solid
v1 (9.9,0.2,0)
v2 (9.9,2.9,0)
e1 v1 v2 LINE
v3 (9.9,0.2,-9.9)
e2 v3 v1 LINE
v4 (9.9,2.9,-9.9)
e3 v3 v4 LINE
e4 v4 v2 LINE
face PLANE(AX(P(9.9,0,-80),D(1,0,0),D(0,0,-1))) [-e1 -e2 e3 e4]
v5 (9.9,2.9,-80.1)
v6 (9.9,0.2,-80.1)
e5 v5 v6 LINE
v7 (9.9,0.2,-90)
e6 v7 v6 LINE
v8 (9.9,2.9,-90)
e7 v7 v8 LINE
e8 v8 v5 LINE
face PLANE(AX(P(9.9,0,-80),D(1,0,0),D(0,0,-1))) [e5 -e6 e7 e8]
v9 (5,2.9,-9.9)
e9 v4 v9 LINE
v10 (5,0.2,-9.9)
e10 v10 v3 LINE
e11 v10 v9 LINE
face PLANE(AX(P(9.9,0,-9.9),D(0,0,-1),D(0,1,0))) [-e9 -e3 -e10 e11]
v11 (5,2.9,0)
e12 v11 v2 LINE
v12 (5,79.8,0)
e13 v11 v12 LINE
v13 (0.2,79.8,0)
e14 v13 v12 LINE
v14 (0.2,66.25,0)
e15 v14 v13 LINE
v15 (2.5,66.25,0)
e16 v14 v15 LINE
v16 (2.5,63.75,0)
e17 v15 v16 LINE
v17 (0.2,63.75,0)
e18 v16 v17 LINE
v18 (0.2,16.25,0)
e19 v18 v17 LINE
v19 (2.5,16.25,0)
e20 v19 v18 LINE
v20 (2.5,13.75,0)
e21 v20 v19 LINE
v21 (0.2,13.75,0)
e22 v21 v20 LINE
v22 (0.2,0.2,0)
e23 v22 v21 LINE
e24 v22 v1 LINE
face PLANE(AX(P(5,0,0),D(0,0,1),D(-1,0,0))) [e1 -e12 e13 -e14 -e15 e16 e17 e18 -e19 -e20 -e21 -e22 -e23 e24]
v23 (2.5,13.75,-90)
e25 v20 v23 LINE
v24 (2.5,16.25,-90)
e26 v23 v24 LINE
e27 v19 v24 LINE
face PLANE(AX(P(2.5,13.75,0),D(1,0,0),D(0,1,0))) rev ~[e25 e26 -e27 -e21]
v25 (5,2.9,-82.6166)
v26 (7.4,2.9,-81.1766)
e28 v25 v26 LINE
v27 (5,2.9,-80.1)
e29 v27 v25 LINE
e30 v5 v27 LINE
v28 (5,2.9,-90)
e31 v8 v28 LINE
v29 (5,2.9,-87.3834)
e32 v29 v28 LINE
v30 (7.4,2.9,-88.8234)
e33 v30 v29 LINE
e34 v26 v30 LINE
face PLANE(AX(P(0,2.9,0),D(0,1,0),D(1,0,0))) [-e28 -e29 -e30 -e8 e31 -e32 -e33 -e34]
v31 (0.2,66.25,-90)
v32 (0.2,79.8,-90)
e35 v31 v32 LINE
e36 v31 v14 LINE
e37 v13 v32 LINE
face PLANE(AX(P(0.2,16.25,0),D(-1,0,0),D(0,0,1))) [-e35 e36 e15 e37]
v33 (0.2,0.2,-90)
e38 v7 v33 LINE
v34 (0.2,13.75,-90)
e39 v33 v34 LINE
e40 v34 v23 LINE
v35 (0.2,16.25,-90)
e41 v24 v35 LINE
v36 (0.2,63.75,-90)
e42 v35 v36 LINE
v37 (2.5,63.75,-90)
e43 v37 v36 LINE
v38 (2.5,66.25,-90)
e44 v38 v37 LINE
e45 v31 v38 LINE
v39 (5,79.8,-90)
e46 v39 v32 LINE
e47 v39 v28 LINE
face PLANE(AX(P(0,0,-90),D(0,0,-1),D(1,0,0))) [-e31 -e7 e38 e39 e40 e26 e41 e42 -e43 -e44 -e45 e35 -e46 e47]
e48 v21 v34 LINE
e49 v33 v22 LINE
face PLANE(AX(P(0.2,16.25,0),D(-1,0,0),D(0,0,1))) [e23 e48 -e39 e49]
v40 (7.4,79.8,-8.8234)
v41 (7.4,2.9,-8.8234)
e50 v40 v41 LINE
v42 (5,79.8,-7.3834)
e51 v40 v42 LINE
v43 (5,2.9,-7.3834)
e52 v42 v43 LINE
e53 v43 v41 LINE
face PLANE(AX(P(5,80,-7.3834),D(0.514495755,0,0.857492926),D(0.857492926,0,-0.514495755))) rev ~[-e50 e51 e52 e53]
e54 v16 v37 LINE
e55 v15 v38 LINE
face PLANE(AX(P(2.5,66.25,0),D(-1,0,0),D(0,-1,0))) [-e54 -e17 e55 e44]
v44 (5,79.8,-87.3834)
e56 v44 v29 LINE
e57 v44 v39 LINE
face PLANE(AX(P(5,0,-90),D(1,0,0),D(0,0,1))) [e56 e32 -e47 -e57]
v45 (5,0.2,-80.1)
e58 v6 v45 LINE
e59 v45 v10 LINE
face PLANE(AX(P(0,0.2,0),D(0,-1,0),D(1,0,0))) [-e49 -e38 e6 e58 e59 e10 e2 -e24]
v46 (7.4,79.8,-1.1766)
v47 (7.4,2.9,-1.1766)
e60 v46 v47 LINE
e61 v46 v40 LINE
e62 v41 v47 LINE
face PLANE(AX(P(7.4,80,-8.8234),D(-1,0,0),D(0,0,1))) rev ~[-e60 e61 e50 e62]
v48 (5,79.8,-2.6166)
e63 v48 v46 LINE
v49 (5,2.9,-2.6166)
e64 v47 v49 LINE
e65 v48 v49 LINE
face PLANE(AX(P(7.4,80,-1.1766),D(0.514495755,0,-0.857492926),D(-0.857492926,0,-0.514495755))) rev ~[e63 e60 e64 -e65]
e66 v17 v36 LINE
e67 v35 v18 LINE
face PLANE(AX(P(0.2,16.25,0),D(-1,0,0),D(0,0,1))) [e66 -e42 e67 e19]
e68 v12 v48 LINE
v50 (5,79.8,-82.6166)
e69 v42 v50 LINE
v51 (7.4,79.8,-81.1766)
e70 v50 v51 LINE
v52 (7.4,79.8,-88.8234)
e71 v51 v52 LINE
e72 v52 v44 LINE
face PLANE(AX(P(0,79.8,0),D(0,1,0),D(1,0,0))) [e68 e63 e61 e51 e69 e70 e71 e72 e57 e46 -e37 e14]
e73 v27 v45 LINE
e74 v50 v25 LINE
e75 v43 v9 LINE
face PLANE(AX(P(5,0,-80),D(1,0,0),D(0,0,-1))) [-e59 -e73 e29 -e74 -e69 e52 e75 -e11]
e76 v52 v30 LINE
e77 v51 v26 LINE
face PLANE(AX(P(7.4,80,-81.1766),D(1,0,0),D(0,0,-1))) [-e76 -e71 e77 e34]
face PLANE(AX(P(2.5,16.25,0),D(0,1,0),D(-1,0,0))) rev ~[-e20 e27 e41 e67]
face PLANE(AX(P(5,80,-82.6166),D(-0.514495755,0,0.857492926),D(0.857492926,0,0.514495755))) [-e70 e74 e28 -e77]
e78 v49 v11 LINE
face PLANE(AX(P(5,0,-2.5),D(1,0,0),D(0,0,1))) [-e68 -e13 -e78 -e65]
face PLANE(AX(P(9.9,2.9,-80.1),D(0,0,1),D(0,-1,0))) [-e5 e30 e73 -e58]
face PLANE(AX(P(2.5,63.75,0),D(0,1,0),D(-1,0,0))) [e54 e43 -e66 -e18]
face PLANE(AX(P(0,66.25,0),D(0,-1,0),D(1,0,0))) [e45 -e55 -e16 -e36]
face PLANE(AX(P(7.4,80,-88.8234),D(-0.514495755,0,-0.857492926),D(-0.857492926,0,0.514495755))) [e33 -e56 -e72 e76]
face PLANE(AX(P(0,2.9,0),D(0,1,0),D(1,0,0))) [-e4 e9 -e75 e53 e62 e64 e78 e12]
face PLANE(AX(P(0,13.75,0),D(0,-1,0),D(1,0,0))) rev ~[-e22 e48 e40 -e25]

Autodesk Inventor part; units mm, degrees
ref_plane "YZ Plane" through (0, 0, 0) normal (1, 0, 0) x (0, 1, 0)
ref_plane "XZ Plane" through (0, 0, 0) normal (0, 1, 0) x (-1, 0, 0)
ref_plane "XY Plane" through (0, 0, 0) normal (0, 0, 1) x (1, 0, 0)
sketch "Sketch1" plane through (0, 0, 0) normal (0, 1, 0) x (-1, 0, 0)
  line L0 (0, 0) -> (0, -90)
  line L1 (0, -90) -> (-5, -90)
  line L2 (-5, -90) -> (-5, -87.5)
  line L3 (-5, -82.5) -> (-5, -7.5)
  line L4 (-5, -7.5) -> (-7.5, -9)
  line L5 (-7.5, -9) -> (-7.5, -1)
  line L6 (-7.5, -1) -> (-5, -2.5)
  line L7 (-5, -2.5) -> (-5, 0)
  line L8 (-5, 0) -> (0, 0)
  line L9 (-5, -7.5) -> (-5, -2.5) construction
  line L10 (-5, -82.5) -> (-5, -87.5) construction
  line L11 (0, -45) -> (-5, -45) construction
  line L12 (-5, -82.5) -> (-7.5, -81)
  line L13 (-7.5, -81) -> (-7.5, -89)
  line L14 (-7.5, -89) -> (-5, -87.5)
  line L15 (0, 0) -> (-10, 0)
  line L16 (-10, 0) -> (-10, -10)
  line L17 (-10, -10) -> (0, -10)
  line L18 (0, -10) -> (0, 0)
  line L19 (0, -90) -> (-10, -90)
  line L20 (-10, -90) -> (-10, -80)
  line L21 (-10, -80) -> (0, -80)
  line L22 (0, -80) -> (0, -90)
  point P0 (-7.5, -5)
  point P1 (-5, -5)
  point P2 (-5, -85)
  point P3 (0, -80)
  point P4 (-5, 0)
  point P5 (0, -10)
  point P6 (-5, -80)
  dimension "d0" = 90
  dimension "d1" = 5
  dimension "d2" = 8
  dimension "d3" = 5
  dimension "d4" = 5
  dimension "d5" = 2.5
  dimension "d6" = 5
  dimension "d9" = 5
  dimension "d10" = 10
  dimension "d11" = 10
  dimension "d12" = 10
  dimension "d13" = 10
extrude "Extrusion1" add sketch "Sketch1" along normal blind 3 contours L0 L17 L3 L4 L5 L6 L7 L8 | L7 L6 L5 L4 L3 L17 L16 L15 | L0 L1 L2 L14 L13 L12 L3 L21 | L3 L12 L13 L14 L2 L19 L20 L21
extrude "Extrusion2" add sketch "Sketch1" along normal blind 80 contours L0 L17 L3 L4 L5 L6 L7 L8 | L0 L21 L3 L17 | L0 L1 L2 L14 L13 L12 L3 L21
sketch "Sketch2" plane through (0, 0, 0) normal (0, 0, 1) x (1, 0, 0)
  line L0 (0, 0) -> (0, 80) projected
  line L1 (0, 13.75) -> (2.5, 13.75)
  line L2 (2.5, 13.75) -> (2.5, 16.25)
  line L3 (2.5, 16.25) -> (0, 16.25)
  line L4 (0, 16.25) -> (0, 13.75)
  line L5 (0, 66.25) -> (2.5, 66.25)
  line L6 (2.5, 66.25) -> (2.5, 63.75)
  line L7 (2.5, 63.75) -> (0, 63.75)
  line L8 (0, 63.75) -> (0, 66.25)
  line L9 (0, 80) -> (5, 80) projected
  line L10 (0, 0) -> (10, 0) projected
  point P0 (2.5, 65)
  point P1 (2.5, 15)
  point P2 (0, 16.25)
  dimension "d18" = 15
  dimension "d19" = 2.5
  dimension "d20" = 2.5
  dimension "d21" = 15
  dimension "d22" = 2.5
extrude "Extrusion3" cut sketch "Sketch2" against normal up to surface (90 mm away)
sketch "Sketch3" plane through (0, 3, 0) normal (0, 1, 0) x (1, 0, 0)
  line L0 (5, 82.5) -> (5, 80) projected
  line L1 (5, 80) -> (10, 80) projected
  line L2 (10, 80) -> (10, 90) projected
  line L3 (10, 90) -> (5, 90) projected
  line L4 (5, 90) -> (5, 87.5) projected
  line L5 (5, 87.5) -> (7.5, 89) projected
  line L6 (7.5, 89) -> (7.5, 81) projected
  line L7 (7.5, 81) -> (5, 82.5) projected
  line L8 (5, 10) -> (5, 7.5) projected
  line L9 (5, 7.5) -> (7.5, 9) projected
  line L10 (7.5, 9) -> (7.5, 1) projected
  line L11 (7.5, 1) -> (5, 2.5) projected
  line L12 (5, 2.5) -> (5, 0) projected
  line L13 (5, 0) -> (10, 0) projected
  line L14 (10, 0) -> (10, 10) projected
  line L15 (10, 10) -> (5, 10) projected
  point P0 (0, 0)
extrude "Extrusion4" cut sketch "Sketch3" against normal blind 0.1
sketch "Sketch4" plane through (0, 80, 0) normal (0, 1, 0) x (1, 0, 0)
  line L0 (7.5, 89) -> (5, 87.5) projected
  line L1 (7.5, 81) -> (7.5, 89) projected
  line L2 (5, 82.5) -> (7.5, 81) projected
  line L3 (7.5, 9) -> (5, 7.5) projected
  line L4 (7.5, 1) -> (7.5, 9) projected
  line L5 (5, 2.5) -> (7.5, 1) projected
  line L6 (5, 7.3834) -> (7.4, 8.8234)
  line L7 (7.4, 8.8234) -> (7.4, 1.1766)
  line L8 (7.4, 1.1766) -> (5, 2.6166)
  line L9 (5, 82.6166) -> (7.4, 81.1766)
  line L10 (7.4, 81.1766) -> (7.4, 88.8234)
  line L11 (7.4, 88.8234) -> (5, 87.3834)
  line L12 (5, 7.5) -> (5, 82.5) projected
  line L13 (5, 87.5) -> (5, 82.5)
  line L14 (5, 7.5) -> (5, 2.5)
  point P0 (0, 0)
  dimension "d27" = 0.1
  dimension "d28" = 0.1
  dimension "d29" = 0.1
  dimension "d30" = 0.1
  dimension "d33" = 0.1
  dimension "d34" = 0.1
extrude "Extrusion5" cut sketch "Sketch4" against normal up to surface (77.1 mm away) contours L1 L2 L13 L9 L10 L11 L0 | L3 L4 L5 L14 L8 L7 L6
sketch "Sketch5" plane through (10, 0, -80) normal (1, 0, 0) x (0, 0, -1)
  line L0 (-70, 2.9) -> (-80, 2.9) projected
  line L1 (-80, 0) -> (-80, 2.9) projected
  line L2 (-80, 0) -> (-70, 0) projected
  line L3 (-70, 0) -> (-70, 2.9) projected
  line L4 (10, 2.9) -> (0, 2.9) projected
  line L5 (0, 0) -> (0, 2.9) projected
  line L6 (0, 0) -> (10, 0) projected
  line L7 (10, 0) -> (10, 2.9) projected
extrude "Extrusion6" cut sketch "Sketch5" against normal blind 0.1
sketch "Sketch6" plane through (9.9, 0, -80) normal (1, 0, 0) x (0, 0, -1)
  line L0 (10, 0) -> (-80, 0) projected
  line L1 (-71.1766, 2.9) -> (-78.8234, 2.9) projected
  line L2 (0.1, 0) -> (-70.1, 0)
  line L3 (-70.1, 0) -> (-70.1, 2.9)
  line L4 (-70.1, 2.9) -> (0.1, 2.9)
  line L5 (0.1, 2.9) -> (0.1, 0)
  line L6 (-70, 2.9) -> (-70, 0) construction
  line L7 (0, 0) -> (0, 2.9) construction
  point P0 (-70.1, 0)
  dimension "tol" = 0.1
  dimension "d38" = 0.1
extrude "Extrusion7" cut sketch "Sketch6" against normal up to surface (4.9 mm away)
sketch "Sketch7" plane through (0, 80, 0) normal (0, 1, 0) x (1, 0, 0)
  line L0 (5, 87.3834) -> (5, 90) projected
  line L1 (5, 90) -> (0, 90) projected
  line L2 (0, 90) -> (0, 0) projected
  line L3 (0, 0) -> (5, 0) projected
  line L4 (5, 0) -> (5, 2.6166) projected
  line L5 (5, 2.6166) -> (7.4, 1.1766) projected
  line L6 (7.4, 1.1766) -> (7.4, 8.8234) projected
  line L7 (7.4, 8.8234) -> (5, 7.3834) projected
  line L8 (5, 7.3834) -> (5, 82.6166) projected
  line L9 (5, 82.6166) -> (7.4, 81.1766) projected
  line L10 (7.4, 81.1766) -> (7.4, 88.8234) projected
  line L11 (7.4, 88.8234) -> (5, 87.3834) projected
extrude "Extrusion8" cut sketch "Sketch7" against normal blind 0.2
sketch "Sketch8" plane through (0, 0, 0) normal (0, -1, 0) x (1, 0, 0)
  line L0 (5, -9.9) -> (9.9, -9.9) projected
  line L1 (9.9, -9.9) -> (9.9, 0) projected
  line L2 (0, 0) -> (9.9, 0) projected
  line L3 (0, -90) -> (0, 0) projected
  line L4 (9.9, -90) -> (0, -90) projected
  line L5 (9.9, -90) -> (9.9, -80.1) projected
  line L6 (9.9, -80.1) -> (5, -80.1) projected
  line L7 (5, -80.1) -> (5, -9.9) projected
extrude "Extrusion9" cut sketch "Sketch8" against normal blind 0.2
sketch "Sketch9" plane through (0, 16.25, 0) normal (-1, 0, 0) x (0, 0, 1)
  line L0 (-90, 0) -> (0, 0) projected
  line L1 (0, 0) -> (0, 47.5) projected
  line L2 (0, 47.5) -> (-90, 47.5) projected
  line L3 (-90, 0) -> (-90, 47.5) projected
  line L4 (0, 63.55) -> (-90, 63.55) projected
  line L5 (-90, 50) -> (-90, 63.55) projected
  line L6 (-90, 50) -> (0, 50) projected
  line L7 (0, 50) -> (0, 63.55) projected
  line L8 (-90, -16.05) -> (0, -16.05) projected
  line L9 (0, -16.05) -> (0, -2.5) projected
  line L10 (0, -2.5) -> (-90, -2.5) projected
  line L11 (-90, -16.05) -> (-90, -2.5) projected
  point P0 (0, -16.25)
extrude "Extrusion10" cut sketch "Sketch9" against normal blind 0.2
equation "\"d25\" = tol"
equation "\"d27\" = tol"
equation "\"d28\" = tol"
equation "\"d29\" = tol"
equation "\"d30\" = tol"
equation "\"d33\" = tol"
equation "\"d34\" = tol"
equation "\"d35\" = tol"
equation "\"d38\" = tol"
equation "\"d41\" = 2 * tol"
equation "\"d43\" = 2 * tol"
equation "\"d45\" = 2 * tol"
properties part number "drawerside"
